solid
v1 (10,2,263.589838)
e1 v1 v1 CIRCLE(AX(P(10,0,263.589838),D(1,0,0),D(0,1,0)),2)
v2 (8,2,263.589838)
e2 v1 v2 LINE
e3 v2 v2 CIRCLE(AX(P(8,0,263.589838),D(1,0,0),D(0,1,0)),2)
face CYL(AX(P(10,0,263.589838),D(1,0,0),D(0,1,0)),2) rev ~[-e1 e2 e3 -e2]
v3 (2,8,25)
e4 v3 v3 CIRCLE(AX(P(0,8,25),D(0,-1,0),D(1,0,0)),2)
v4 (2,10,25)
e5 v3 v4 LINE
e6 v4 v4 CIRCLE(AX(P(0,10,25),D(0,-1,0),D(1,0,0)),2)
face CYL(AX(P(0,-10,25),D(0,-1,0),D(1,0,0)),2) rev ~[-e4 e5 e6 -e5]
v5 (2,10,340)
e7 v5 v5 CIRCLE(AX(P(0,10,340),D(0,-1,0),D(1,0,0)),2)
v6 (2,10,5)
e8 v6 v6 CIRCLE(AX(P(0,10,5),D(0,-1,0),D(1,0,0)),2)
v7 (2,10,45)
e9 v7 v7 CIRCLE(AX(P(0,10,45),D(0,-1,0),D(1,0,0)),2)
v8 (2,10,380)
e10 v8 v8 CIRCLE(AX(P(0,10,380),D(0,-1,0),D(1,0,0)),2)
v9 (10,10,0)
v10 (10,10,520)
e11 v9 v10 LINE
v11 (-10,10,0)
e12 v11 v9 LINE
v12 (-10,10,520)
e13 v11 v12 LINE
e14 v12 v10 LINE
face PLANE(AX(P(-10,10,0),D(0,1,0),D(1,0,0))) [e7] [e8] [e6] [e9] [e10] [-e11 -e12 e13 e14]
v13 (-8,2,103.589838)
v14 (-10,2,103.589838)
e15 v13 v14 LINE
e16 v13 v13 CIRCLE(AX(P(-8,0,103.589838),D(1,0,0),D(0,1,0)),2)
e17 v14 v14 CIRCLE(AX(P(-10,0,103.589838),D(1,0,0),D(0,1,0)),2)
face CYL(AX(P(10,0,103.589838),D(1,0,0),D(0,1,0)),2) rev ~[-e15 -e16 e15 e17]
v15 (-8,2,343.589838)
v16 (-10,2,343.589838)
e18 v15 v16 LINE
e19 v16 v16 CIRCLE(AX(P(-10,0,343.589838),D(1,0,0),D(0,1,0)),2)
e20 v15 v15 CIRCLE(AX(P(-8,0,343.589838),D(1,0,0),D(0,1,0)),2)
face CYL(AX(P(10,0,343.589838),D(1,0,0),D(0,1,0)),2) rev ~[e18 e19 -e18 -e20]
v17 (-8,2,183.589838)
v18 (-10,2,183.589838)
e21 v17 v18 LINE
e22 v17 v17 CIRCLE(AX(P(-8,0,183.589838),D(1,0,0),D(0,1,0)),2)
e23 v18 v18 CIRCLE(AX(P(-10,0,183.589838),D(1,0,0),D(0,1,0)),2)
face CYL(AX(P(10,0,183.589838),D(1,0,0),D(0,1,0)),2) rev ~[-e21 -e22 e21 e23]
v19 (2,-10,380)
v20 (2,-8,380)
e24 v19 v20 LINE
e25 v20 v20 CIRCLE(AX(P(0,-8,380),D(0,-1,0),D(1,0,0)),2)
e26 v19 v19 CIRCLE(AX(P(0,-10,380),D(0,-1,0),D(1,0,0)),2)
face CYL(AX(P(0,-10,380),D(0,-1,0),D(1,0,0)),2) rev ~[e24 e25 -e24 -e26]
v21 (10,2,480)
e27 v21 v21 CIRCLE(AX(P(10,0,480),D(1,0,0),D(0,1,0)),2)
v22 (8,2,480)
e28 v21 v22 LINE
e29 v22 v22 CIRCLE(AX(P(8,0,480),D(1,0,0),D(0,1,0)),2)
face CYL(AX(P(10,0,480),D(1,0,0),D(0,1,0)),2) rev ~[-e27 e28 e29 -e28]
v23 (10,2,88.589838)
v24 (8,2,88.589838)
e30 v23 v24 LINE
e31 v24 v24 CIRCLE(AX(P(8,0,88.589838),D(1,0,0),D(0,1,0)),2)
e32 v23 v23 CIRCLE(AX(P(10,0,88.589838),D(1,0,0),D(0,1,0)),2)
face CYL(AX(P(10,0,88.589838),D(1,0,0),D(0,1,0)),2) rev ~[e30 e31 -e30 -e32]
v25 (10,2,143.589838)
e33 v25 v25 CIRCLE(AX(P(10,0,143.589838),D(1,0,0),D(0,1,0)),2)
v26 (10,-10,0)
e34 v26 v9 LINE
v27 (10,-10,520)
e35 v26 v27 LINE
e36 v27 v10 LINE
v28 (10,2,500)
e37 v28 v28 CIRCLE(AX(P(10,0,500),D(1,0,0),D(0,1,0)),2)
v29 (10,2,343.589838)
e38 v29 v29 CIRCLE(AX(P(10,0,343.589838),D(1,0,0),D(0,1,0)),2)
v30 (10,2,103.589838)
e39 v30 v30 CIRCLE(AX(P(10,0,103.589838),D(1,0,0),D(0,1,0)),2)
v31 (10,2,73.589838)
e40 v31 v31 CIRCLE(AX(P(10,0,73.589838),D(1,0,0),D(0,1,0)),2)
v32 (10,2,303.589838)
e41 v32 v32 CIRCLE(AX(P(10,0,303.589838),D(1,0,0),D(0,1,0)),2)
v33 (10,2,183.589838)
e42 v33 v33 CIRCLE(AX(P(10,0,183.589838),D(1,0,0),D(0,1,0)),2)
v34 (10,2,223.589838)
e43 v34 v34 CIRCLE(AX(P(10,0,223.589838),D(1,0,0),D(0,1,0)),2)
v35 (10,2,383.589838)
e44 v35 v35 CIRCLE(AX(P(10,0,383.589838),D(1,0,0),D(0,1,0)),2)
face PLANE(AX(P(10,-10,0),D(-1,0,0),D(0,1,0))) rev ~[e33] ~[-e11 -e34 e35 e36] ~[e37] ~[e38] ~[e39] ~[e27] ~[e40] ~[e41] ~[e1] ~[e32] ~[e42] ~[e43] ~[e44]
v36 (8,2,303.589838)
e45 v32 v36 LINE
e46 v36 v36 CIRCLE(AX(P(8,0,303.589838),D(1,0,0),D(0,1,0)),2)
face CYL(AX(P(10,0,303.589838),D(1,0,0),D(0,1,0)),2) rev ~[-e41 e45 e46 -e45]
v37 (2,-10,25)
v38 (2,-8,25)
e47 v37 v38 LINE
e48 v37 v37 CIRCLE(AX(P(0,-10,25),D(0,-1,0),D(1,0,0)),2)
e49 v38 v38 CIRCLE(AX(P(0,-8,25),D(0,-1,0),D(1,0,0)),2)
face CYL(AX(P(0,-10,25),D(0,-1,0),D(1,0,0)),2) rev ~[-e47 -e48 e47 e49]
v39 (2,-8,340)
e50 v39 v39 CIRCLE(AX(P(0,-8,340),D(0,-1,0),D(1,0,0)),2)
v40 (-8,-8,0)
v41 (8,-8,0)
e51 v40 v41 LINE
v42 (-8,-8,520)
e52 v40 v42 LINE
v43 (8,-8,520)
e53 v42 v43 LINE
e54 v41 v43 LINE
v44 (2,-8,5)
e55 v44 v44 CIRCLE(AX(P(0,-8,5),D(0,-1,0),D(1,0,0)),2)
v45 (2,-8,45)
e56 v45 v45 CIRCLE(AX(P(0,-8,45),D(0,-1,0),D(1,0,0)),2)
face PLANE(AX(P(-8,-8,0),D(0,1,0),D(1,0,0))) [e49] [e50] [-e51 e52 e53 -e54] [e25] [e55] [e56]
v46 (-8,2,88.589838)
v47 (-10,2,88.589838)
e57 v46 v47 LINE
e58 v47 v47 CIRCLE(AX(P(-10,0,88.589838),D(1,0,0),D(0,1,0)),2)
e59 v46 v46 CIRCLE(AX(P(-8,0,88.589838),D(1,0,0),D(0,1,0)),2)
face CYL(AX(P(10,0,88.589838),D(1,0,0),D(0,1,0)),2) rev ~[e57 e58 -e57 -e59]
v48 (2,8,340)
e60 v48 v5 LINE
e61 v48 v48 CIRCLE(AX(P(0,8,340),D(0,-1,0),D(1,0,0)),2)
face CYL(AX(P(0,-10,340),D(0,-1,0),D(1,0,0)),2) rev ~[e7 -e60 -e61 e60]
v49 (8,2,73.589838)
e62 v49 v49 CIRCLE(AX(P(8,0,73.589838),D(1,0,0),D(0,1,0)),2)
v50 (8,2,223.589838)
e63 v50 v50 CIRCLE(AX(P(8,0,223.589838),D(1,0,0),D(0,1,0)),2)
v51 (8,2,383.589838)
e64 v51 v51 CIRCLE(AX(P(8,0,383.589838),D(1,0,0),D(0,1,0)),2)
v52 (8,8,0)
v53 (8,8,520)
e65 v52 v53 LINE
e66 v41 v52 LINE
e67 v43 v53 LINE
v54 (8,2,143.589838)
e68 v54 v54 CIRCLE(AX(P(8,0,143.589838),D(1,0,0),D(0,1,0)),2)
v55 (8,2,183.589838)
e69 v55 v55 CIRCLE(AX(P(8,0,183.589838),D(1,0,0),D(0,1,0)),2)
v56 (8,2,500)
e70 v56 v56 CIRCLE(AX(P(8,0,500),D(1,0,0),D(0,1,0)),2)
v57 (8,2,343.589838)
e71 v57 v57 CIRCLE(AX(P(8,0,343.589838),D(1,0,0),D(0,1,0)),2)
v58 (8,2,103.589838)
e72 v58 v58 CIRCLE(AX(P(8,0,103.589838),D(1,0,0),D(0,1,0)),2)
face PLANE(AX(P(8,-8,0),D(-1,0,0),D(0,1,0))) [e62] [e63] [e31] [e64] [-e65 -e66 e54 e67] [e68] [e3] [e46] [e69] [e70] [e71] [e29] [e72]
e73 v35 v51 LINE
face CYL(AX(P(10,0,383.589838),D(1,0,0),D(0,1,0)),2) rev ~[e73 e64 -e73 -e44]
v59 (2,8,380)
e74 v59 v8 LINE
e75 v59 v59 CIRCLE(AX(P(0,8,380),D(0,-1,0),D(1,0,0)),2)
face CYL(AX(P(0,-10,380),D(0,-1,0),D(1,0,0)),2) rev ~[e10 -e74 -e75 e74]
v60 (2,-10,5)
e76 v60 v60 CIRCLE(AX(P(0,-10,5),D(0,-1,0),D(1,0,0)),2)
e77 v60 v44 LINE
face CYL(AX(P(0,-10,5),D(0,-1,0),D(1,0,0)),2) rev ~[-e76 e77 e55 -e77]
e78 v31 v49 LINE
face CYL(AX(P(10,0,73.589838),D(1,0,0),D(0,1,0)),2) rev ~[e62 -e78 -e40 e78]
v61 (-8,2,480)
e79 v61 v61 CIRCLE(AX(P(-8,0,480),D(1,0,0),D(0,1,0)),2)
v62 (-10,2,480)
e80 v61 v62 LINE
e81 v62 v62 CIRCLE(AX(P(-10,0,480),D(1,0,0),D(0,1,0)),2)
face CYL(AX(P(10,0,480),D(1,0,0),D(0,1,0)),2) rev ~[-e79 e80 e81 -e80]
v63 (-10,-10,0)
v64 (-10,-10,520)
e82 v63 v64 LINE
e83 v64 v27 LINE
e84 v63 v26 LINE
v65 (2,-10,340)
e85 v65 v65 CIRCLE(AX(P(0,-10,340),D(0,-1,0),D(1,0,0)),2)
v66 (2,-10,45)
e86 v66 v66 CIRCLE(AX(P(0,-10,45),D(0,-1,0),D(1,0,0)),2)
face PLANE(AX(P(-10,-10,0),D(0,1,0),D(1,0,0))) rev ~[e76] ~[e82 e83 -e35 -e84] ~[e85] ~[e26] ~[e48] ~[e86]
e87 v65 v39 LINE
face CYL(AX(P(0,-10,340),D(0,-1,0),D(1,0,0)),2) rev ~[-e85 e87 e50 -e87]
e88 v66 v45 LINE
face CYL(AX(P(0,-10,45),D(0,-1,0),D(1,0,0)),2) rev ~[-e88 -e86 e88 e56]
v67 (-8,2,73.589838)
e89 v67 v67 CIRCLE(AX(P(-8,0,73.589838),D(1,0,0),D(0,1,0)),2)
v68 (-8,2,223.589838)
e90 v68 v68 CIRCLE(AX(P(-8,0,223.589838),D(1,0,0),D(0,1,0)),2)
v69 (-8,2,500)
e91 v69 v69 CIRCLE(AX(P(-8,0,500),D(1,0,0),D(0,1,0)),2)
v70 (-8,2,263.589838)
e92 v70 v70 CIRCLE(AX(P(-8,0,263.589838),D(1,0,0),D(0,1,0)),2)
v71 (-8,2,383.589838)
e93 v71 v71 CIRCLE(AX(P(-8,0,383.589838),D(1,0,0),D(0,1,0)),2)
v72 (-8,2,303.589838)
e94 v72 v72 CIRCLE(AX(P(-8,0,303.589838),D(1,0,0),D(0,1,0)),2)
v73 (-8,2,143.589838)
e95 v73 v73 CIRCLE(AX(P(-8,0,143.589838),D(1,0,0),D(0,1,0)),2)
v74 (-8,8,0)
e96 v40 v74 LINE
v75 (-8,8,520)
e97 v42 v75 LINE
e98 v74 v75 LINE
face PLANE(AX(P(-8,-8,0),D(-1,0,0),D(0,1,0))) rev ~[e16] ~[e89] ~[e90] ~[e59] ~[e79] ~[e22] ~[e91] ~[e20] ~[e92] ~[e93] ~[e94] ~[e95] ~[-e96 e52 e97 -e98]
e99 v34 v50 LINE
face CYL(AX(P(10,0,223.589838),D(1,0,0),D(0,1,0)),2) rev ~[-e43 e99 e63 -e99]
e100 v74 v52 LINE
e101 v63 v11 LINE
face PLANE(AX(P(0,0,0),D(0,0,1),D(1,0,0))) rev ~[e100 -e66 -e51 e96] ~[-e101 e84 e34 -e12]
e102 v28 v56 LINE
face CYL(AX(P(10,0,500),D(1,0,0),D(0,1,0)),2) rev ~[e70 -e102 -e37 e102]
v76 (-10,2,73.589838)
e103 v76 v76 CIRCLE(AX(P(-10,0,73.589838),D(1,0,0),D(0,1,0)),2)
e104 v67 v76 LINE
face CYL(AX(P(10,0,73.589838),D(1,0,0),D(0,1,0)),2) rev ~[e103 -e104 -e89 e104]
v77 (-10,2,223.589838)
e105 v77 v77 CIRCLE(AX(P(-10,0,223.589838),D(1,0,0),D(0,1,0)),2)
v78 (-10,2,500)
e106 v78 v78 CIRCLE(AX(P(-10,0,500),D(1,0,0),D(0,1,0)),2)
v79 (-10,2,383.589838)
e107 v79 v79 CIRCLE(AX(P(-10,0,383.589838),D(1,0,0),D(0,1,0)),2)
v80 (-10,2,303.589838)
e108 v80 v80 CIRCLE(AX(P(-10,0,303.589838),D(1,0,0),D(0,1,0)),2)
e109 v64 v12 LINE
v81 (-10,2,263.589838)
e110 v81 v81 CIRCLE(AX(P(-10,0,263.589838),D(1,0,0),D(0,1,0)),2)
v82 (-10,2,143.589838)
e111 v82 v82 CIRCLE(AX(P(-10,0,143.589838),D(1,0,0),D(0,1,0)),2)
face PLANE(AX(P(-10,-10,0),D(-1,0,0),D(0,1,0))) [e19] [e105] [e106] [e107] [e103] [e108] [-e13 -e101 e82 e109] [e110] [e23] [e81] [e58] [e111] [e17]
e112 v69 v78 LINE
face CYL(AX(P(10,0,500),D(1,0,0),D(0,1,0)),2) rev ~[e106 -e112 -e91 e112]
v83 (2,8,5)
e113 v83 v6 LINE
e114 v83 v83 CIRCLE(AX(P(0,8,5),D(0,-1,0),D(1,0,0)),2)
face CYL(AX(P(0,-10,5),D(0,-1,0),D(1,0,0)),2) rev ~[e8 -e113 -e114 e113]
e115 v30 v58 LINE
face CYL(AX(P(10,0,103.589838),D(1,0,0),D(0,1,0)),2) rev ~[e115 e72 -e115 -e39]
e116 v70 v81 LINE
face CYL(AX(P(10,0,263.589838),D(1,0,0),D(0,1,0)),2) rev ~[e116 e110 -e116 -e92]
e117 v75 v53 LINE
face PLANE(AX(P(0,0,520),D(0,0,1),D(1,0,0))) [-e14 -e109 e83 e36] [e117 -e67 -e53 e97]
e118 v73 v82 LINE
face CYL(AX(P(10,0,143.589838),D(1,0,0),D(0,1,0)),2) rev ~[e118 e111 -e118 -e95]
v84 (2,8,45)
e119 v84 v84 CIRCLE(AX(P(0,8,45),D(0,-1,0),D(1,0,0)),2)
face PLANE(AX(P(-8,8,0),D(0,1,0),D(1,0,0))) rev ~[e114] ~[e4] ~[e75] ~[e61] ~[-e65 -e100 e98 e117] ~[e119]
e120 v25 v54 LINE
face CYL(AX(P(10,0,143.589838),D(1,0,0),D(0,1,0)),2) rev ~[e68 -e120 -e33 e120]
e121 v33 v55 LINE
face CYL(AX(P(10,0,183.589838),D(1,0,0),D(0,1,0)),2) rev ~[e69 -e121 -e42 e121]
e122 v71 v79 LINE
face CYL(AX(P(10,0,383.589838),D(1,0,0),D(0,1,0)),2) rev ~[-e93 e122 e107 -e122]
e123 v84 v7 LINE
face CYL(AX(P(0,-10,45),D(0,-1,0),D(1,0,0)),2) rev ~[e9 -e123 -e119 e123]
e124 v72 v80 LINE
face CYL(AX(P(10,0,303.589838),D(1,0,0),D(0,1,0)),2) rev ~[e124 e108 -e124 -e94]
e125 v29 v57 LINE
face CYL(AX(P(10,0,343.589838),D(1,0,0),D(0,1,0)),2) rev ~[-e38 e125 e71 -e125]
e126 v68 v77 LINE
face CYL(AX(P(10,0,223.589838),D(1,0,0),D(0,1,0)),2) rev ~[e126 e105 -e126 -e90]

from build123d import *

# Parameters (mm, degrees)
SKETCH_1_W          = 20
SKETCH_1_H          = 20
SKETCH_1_W_2        = 16
SKETCH_1_H_2        = 16
EXTRUDE_1_DEPTH     = 520
SKETCH_2_R          = 2
CUT_EXTRUDE_1_DEPTH = 521.480547187
SKETCH_3_R          = 2
CUT_EXTRUDE_2_DEPTH = 521.480547187
SKETCH_4_R          = 2
CUT_EXTRUDE_3_DEPTH = 521.480547187
SKETCH_5_R          = 2
CUT_EXTRUDE_4_DEPTH = 521.480547187


with BuildPart() as part:
    # 草图1 → 凸台-拉伸1 (new body)
    with BuildSketch(Plane.XY):
        Rectangle(SKETCH_1_W, SKETCH_1_H)
        Rectangle(SKETCH_1_W_2, SKETCH_1_H_2, mode=Mode.SUBTRACT)
    extrude(amount=EXTRUDE_1_DEPTH)

    # 草图2 → 切除-拉伸1 (cut, through all)
    with BuildSketch(Plane.XZ.offset(10)):
        with Locations((0, 5)):
            Circle(SKETCH_2_R)
        with Locations((0, 25)):
            Circle(SKETCH_2_R)
        with Locations((0, 45)):
            Circle(SKETCH_2_R)
    extrude(amount=-CUT_EXTRUDE_1_DEPTH, mode=Mode.SUBTRACT)

    # 草图3 → 切除-拉伸2 (cut, through all)
    with BuildSketch(Plane(origin=(10, 0, 0), x_dir=(0, 0, -1), z_dir=(1, 0, 0))):
        with Locations(Location((-500, 0, 0), (0, 0, 90))):
            Circle(SKETCH_3_R)
        with Locations(Location((-480, 0, 0), (0, 0, 90))):
            Circle(SKETCH_3_R)
    extrude(amount=-CUT_EXTRUDE_2_DEPTH, mode=Mode.SUBTRACT)

    # 草图4 → 切除-拉伸3 (cut, through all)
    with BuildSketch(Plane(origin=(10, 0, 0), x_dir=(0, 0, -1), z_dir=(1, 0, 0))):
        with Locations(Location((-103.589838486, 0, 0), (0, 0, 90))):
            Circle(SKETCH_4_R)
        with Locations(Location((-88.589838486, 0, 0), (0, 0, 90))):
            Circle(SKETCH_4_R)
        with Locations(Location((-73.589838486, 0, 0), (0, 0, 90))):
            Circle(SKETCH_4_R)
        with Locations(Location((-143.589838486, 0, 0), (0, 0, 90))):
            Circle(SKETCH_4_R)
        with Locations(Location((-183.589838486, 0, 0), (0, 0, 90))):
            Circle(SKETCH_4_R)
        with Locations(Location((-223.589838486, 0, 0), (0, 0, 90))):
            Circle(SKETCH_4_R)
        with Locations(Location((-263.589838486, 0, 0), (0, 0, 90))):
            Circle(SKETCH_4_R)
        with Locations(Location((-303.589838486, 0, 0), (0, 0, 90))):
            Circle(SKETCH_4_R)
        with Locations(Location((-343.589838486, 0, 0), (0, 0, 90))):
            Circle(SKETCH_4_R)
        with Locations(Location((-383.589838486, 0, 0), (0, 0, 90))):
            Circle(SKETCH_4_R)
    extrude(amount=-CUT_EXTRUDE_3_DEPTH, mode=Mode.SUBTRACT)

    # 草图5 → 切除-拉伸4 (cut, through all)
    with BuildSketch(Plane.XZ.offset(10)):
        with Locations((0, 380)):
            Circle(SKETCH_5_R)
        with Locations((0, 340)):
            Circle(SKETCH_5_R)
    extrude(amount=-CUT_EXTRUDE_4_DEPTH, mode=Mode.SUBTRACT)


solid = part.part
